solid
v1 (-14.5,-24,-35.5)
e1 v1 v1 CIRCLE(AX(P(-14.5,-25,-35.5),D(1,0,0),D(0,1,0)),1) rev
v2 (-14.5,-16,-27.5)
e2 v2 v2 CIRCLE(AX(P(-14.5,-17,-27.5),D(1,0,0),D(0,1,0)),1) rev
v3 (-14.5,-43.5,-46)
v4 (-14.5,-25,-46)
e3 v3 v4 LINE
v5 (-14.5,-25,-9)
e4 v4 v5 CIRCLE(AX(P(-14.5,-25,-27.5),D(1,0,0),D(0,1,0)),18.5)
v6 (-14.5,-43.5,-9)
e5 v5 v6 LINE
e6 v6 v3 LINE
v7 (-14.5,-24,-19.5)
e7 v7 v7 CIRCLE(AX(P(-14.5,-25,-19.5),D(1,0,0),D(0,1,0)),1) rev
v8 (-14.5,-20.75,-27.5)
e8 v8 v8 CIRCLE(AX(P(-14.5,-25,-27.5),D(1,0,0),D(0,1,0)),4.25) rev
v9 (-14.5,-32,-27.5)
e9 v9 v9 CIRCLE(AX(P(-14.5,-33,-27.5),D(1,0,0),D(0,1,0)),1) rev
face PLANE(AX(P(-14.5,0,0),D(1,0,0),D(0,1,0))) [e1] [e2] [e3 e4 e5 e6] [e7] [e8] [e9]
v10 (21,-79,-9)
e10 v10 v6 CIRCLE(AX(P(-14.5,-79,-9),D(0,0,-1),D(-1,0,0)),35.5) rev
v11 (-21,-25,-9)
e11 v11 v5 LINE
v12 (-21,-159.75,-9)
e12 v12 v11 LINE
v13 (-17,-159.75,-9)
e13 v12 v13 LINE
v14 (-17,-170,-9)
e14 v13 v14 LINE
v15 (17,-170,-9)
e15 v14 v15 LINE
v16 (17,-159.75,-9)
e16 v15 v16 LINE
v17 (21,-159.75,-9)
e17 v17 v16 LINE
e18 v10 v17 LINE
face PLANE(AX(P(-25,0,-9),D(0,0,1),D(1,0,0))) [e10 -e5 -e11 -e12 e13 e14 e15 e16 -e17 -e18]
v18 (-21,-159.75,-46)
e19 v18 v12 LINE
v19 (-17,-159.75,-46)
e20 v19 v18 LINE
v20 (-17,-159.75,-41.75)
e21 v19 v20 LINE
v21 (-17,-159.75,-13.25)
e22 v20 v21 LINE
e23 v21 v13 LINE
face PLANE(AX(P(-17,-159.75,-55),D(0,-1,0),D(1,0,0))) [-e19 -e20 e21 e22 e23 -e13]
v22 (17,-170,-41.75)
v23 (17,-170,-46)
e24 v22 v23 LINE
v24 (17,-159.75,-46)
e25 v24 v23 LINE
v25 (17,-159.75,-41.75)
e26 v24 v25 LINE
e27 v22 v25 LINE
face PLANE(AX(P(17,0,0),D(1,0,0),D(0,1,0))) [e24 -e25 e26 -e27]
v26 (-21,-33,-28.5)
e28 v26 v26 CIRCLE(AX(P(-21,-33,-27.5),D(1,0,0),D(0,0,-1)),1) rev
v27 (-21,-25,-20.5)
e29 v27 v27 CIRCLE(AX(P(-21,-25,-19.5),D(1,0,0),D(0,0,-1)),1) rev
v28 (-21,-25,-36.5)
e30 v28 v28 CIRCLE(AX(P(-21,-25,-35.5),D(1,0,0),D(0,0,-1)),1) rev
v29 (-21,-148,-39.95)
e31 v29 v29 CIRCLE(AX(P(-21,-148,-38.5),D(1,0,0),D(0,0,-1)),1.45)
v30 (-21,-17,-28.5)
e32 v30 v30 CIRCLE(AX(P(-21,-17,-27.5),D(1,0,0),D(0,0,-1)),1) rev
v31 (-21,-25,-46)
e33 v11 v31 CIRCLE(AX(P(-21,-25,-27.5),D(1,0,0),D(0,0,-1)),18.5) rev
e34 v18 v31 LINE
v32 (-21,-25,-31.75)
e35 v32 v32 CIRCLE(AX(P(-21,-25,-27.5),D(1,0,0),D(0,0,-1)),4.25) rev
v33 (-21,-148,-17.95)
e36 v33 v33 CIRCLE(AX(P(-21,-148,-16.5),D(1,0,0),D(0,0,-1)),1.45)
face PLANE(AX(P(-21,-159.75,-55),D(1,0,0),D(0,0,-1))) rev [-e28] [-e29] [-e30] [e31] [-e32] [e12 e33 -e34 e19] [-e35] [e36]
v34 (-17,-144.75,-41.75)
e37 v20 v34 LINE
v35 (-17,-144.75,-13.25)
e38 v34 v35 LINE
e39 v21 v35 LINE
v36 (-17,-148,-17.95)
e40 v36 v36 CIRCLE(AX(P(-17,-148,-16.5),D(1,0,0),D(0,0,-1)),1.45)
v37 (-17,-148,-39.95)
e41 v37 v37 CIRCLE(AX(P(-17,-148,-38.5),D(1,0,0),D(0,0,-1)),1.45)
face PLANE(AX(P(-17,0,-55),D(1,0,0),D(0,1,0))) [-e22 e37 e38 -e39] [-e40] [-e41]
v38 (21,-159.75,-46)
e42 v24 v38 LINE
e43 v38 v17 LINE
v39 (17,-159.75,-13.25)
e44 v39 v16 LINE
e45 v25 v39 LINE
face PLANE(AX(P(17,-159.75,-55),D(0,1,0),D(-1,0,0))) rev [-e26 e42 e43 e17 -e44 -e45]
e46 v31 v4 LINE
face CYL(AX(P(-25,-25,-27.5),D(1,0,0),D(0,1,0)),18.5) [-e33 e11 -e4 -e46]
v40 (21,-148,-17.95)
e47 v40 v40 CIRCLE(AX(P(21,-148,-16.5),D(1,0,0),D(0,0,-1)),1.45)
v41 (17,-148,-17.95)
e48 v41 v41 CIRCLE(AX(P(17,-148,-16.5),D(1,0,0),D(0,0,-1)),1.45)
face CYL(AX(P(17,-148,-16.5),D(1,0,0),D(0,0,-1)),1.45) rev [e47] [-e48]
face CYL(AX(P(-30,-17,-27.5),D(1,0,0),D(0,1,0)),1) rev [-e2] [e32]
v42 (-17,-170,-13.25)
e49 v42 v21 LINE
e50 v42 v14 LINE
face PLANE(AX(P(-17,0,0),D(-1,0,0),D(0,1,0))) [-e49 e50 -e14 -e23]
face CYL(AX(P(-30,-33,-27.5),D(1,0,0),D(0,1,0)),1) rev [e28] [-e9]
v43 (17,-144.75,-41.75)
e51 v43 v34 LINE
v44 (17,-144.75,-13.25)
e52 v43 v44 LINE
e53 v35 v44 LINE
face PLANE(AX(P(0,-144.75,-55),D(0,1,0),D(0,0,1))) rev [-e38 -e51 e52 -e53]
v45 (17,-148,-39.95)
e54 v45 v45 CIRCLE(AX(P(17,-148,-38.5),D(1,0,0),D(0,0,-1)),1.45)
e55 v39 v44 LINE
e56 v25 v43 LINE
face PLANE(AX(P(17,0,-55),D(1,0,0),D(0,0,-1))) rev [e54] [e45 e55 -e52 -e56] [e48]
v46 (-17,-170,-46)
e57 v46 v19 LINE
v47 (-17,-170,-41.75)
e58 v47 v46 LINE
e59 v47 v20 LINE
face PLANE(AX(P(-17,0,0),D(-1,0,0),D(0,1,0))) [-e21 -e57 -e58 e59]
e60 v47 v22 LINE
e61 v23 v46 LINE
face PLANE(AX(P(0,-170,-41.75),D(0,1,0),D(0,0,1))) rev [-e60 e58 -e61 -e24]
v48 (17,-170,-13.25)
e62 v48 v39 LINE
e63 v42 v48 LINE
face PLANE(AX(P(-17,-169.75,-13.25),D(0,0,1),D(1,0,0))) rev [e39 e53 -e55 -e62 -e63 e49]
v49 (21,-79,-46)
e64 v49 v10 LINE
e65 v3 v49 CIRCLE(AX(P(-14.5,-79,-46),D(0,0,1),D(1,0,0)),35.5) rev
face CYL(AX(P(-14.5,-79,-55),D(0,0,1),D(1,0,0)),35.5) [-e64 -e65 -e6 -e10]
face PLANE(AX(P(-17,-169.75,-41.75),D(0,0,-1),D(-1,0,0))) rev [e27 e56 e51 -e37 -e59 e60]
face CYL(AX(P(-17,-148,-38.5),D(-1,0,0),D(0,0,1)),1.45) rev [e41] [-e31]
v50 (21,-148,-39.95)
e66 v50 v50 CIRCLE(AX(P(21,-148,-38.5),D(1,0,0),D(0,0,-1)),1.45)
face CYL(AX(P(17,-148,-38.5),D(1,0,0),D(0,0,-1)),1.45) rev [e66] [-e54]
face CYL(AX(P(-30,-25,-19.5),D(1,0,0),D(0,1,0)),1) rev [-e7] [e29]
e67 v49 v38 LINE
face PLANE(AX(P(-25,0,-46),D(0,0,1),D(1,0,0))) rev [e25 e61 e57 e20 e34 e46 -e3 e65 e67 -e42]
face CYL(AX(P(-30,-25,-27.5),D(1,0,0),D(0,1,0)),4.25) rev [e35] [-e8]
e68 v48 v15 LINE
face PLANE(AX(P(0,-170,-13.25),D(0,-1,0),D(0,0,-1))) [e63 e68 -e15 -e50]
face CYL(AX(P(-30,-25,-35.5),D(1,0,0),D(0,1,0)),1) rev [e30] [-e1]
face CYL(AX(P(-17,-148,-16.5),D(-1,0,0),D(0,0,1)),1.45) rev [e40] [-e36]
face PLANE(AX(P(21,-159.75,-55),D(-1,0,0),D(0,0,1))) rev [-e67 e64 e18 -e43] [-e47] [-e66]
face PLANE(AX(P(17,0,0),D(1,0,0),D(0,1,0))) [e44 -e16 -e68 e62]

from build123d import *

# Parameters (mm, degrees)
SKETCH1_W               = 50
SKETCH1_H               = 150
BOSS_EXTRUDE1_DEPTH     = 55
CUT_EXTRUDE1_DEPTH      = 168.406690428
CUT_EXTRUDE1_DEPTH_BACK = 45
SKETCH2_R               = 10.25
SKETCH7_R               = 1
SKETCH7_R_2             = 4.25
CUT_EXTRUDE3_DEPTH      = 10
SKETCH8_W               = 55
SKETCH8_H               = 55
SKETCH8_R               = 10.25
BOSS_EXTRUDE2_DEPTH     = 50
SKETCH10_W              = 8
SKETCH10_H              = 10.25
SKETCH10_W_2            = 17
SKETCH10_H_2            = 1
SKETCH10_W_3            = 34
SKETCH10_H_3            = 20
SKETCH10_H_4            = 5
CUT_EXTRUDE4_DEPTH      = 214.717102732
SKETCH11_W              = 34
SKETCH11_H              = 13.25
BOSS_EXTRUDE4_DEPTH     = 25
SKETCH13_W              = 55
SKETCH13_H              = 10
CUT_EXTRUDE5_DEPTH      = 8
SKETCH14_R              = 5.030159043
CUT_EXTRUDE6_DEPTH      = 8
SKETCH15_W              = 34
SKETCH15_H              = 0.25
BOSS_EXTRUDE5_DEPTH     = 13.25
CUT_EXTRUDE7_DEPTH      = 181.416185527
BOSS_EXTRUDE6_START     = 1.5
SKETCH19_R              = 10.25
SKETCH19_R_2            = 1
SKETCH19_R_3            = 4.25
BOSS_EXTRUDE6_DEPTH     = 1.5
CUT_EXTRUDE8_DEPTH      = 184.89467094
SKETCH21_R              = 5.030159043
SKETCH21_R_2            = 4.5
BOSS_EXTRUDE7_DEPTH     = 8
SKETCH24_W              = 4
SKETCH24_H              = 30
CUT_EXTRUDE10_DEPTH     = 181.416185527
SKETCH25_W              = 55
SKETCH25_H              = 86.25
CUT_EXTRUDE11_DEPTH     = 4
BOSS_EXTRUDE8_START     = 4
SKETCH26_R              = 1
SKETCH26_R_2            = 4.25
BOSS_EXTRUDE8_DEPTH     = 4
SKETCH27_W              = 4
SKETCH27_H              = 123.25
CUT_EXTRUDE12_DEPTH     = 181.416185527
CUT_EXTRUDE13_DEPTH     = 180.905530765
SKETCH29_W              = 42
SKETCH29_H              = 9
CUT_EXTRUDE15_DEPTH     = 174.776436838
SKETCH30_R              = 4.5
SKETCH30_R_2            = 1.45
BOSS_EXTRUDE9_DEPTH     = 4


with BuildPart() as part:
    # Sketch1 → Boss-Extrude1 (new body)
    with BuildSketch(Plane.XY):
        with Locations((0, -75)):
            Rectangle(SKETCH1_W, SKETCH1_H)
    extrude(amount=-BOSS_EXTRUDE1_DEPTH)

    # Sketch2 → Cut-Extrude1 (cut, two sides: drawn at the far end of the back side and taken through both)
    with BuildSketch(Plane(origin=(25, 0, 0), x_dir=(0, 0, -1), z_dir=(1, 0, 0)).offset(-CUT_EXTRUDE1_DEPTH_BACK)):
        with Locations(Location((27.5, -25, 0), (0, 0, 270))):
            Circle(SKETCH2_R)
    extrude(amount=CUT_EXTRUDE1_DEPTH + CUT_EXTRUDE1_DEPTH_BACK, mode=Mode.SUBTRACT)

    # Sketch7 → Cut-Extrude3 (cut)
    with BuildSketch(Plane(origin=(-20, 0, 0), x_dir=(0, 0, -1), z_dir=(1, 0, 0))):
        with Locations(Location((27.5, -17, 0), (0, 0, 90))):
            Circle(SKETCH7_R)
        with Locations(Location((35.5, -25, 0), (0, 0, 90))):
            Circle(SKETCH7_R)
        with Locations(Location((27.5, -33, 0), (0, 0, 90))):
            Circle(SKETCH7_R)
        with Locations(Location((19.5, -25, 0), (0, 0, 90))):
            Circle(SKETCH7_R)
        with Locations(Location((27.5, -25, 0), (0, 0, 90))):
            Circle(SKETCH7_R_2)
    extrude(amount=-CUT_EXTRUDE3_DEPTH, mode=Mode.SUBTRACT)

    # Sketch8 → Boss-Extrude2 (add)
    with BuildSketch(Plane(origin=(25, 0, 0), x_dir=(0, 0, -1), z_dir=(1, 0, 0))):
        with Locations((27.5, -177.5)):
            Rectangle(SKETCH8_W, SKETCH8_H)
        with Locations(Location((27.5, -180, 0), (0, 0, 90))):
            Circle(SKETCH8_R, mode=Mode.SUBTRACT)
    extrude(amount=-BOSS_EXTRUDE2_DEPTH)

    # Sketch10 → Cut-Extrude4 (cut, through all)
    with BuildSketch(Plane.XY):
        Polygon((-17, -205), (17, -205), (17, -191.25), (0, -191.25), (-17, -191.25), align=None)
        Polygon((-25, -205), (-17, -205), (-17, -191.25), (-17, -190.25), (-25, -190.25), align=None)
        Polygon((17, -191.25), (17, -205), (25, -205), (25, -190.25), (17, -190.25), align=None)
        with Locations((-21, -185.125)):
            Rectangle(SKETCH10_W, SKETCH10_H)
        with Locations((-21, -174.875)):
            Rectangle(SKETCH10_W, SKETCH10_H)
        with Locations((21, -174.875)):
            Rectangle(SKETCH10_W, SKETCH10_H)
        with Locations((21, -185.125)):
            Rectangle(SKETCH10_W, SKETCH10_H)
        with Locations((-8.5, -185.125)):
            Rectangle(SKETCH10_W_2, SKETCH10_H)
        with Locations((8.5, -185.125)):
            Rectangle(SKETCH10_W_2, SKETCH10_H)
        Polygon((0, -180), (17, -180), (17, -169.75), (-17, -169.75), (-17, -180), align=None)
        with Locations((-8.5, -190.75)):
            Rectangle(SKETCH10_W_2, SKETCH10_H_2)
        with Locations((8.5, -190.75)):
            Rectangle(SKETCH10_W_2, SKETCH10_H_2)
        with Locations((0, -154.75)):
            Rectangle(SKETCH10_W_3, SKETCH10_H_3)
        with Locations((0, -167.25)):
            Rectangle(SKETCH10_W_3, SKETCH10_H_4)
    extrude(amount=-CUT_EXTRUDE4_DEPTH, mode=Mode.SUBTRACT)

    # Sketch11 → Boss-Extrude4 (add)
    with BuildSketch(Plane.XZ.offset(144.75)):
        with Locations((0, -6.625)):
            Rectangle(SKETCH11_W, SKETCH11_H)
        with Locations((0, -48.375)):
            Rectangle(SKETCH11_W, SKETCH11_H)
    extrude(amount=BOSS_EXTRUDE4_DEPTH)

    # Sketch13 → Cut-Extrude5 (cut)
    with BuildSketch(Plane(origin=(25, 0, 0), x_dir=(0, 0, -1), z_dir=(1, 0, 0))):
        with Locations((27.5, -164.75)):
            Rectangle(SKETCH13_W, SKETCH13_H)
    cut_extrude5 = extrude(amount=-CUT_EXTRUDE5_DEPTH, mode=Mode.SUBTRACT)

    # Mirror2: Cut-Extrude5 across plane
    add(cut_extrude5.mirror(Plane(origin=(0, 0, 0), x_dir=(0, 0, 1), z_dir=(1, 0, 0))), mode=Mode.SUBTRACT)

    # Sketch14 → Cut-Extrude6 (cut)
    with BuildSketch(Plane(origin=(25, 0, 0), x_dir=(0, 0, -1), z_dir=(1, 0, 0))):
        with Locations(Location((16.5, -148, 0), (0, 0, 90))):
            Circle(SKETCH14_R)
        with Locations(Location((38.5, -148, 0), (0, 0, 90))):
            Circle(SKETCH14_R)
    cut_extrude6 = extrude(amount=-CUT_EXTRUDE6_DEPTH, mode=Mode.SUBTRACT)

    # Mirror3: Cut-Extrude6 across plane
    add(cut_extrude6.mirror(Plane(origin=(0, 0, 0), x_dir=(0, 0, 1), z_dir=(1, 0, 0))), mode=Mode.SUBTRACT)

    # Sketch15 → Boss-Extrude5 (add)
    with BuildSketch(Plane.XY):
        with Locations((0, -169.875)):
            Rectangle(SKETCH15_W, SKETCH15_H)
    boss_extrude5 = extrude(amount=-BOSS_EXTRUDE5_DEPTH)

    # Mirror4: Boss-Extrude5 across plane
    add(boss_extrude5.mirror(Plane.XY.offset(-27.5)))

    # Sketch16 → Cut-Extrude7 (cut, through all)
    with BuildSketch(Plane.XY):
        Polygon((-18.5, 0), (-18.5, -14.75), (-18.5, -35.25), (-18.5, -43.5), (25, -43.5), (25, 0), align=None)
    extrude(amount=-CUT_EXTRUDE7_DEPTH, mode=Mode.SUBTRACT)

    # Sketch19 → Boss-Extrude6 (add)
    with BuildSketch(Plane(origin=(-20, 0, 0), x_dir=(0, 0, -1), z_dir=(1, 0, 0)).offset(BOSS_EXTRUDE6_START)):
        with Locations((27.5, -25)):
            Circle(SKETCH19_R)
        with Locations(Location((27.5, -17, 0), (0, 0, 90))):
            Circle(SKETCH19_R_2, mode=Mode.SUBTRACT)
        with Locations(Location((27.5, -33, 0), (0, 0, 90))):
            Circle(SKETCH19_R_2, mode=Mode.SUBTRACT)
        with Locations(Location((19.5, -25, 0), (0, 0, 90))):
            Circle(SKETCH19_R_2, mode=Mode.SUBTRACT)
        with Locations(Location((35.5, -25, 0), (0, 0, 90))):
            Circle(SKETCH19_R_2, mode=Mode.SUBTRACT)
        with Locations(Location((27.5, -25, 0), (0, 0, 90))):
            Circle(SKETCH19_R_3, mode=Mode.SUBTRACT)
    extrude(amount=-BOSS_EXTRUDE6_DEPTH)

    # Sketch20 → Cut-Extrude8 (cut, through all)
    with BuildSketch(Plane(origin=(-18.5, 0, 0), x_dir=(0, 0, -1), z_dir=(1, 0, 0))):
        with BuildLine():
            Line((0, 0), (0, -43.5))
            Line((0, -43.5), (9, -43.5))
            Line((9, -43.5), (9, -25))
            ThreePointArc((9, -25), (27.5, -6.5), (46, -25))
            Line((46, -25), (46, -43.5))
            Line((46, -43.5), (55, -43.5))
            Line((55, -43.5), (55, 0))
            Line((55, 0), (0, 0))
        make_face()
    extrude(amount=-CUT_EXTRUDE8_DEPTH, mode=Mode.SUBTRACT)

    # Sketch21 → Boss-Extrude7 (add)
    # profile 1 of 2: a face of its own
    with BuildSketch(Plane(origin=(25, 0, 0), x_dir=(0, 0, -1), z_dir=(1, 0, 0))):
        with Locations(Location((16.5, -148, 0), (0, 0, 229.751587581))):
            Circle(SKETCH21_R)
        with Locations(Location((16.5, -148, 0), (0, 0, 90))):
            Circle(SKETCH21_R_2, mode=Mode.SUBTRACT)
    # profile 2 of 2: a face of its own
    with BuildSketch(Plane(origin=(25, 0, 0), x_dir=(0, 0, -1), z_dir=(1, 0, 0))):
        with Locations(Location((38.5, -148, 0), (0, 0, 310.248412419))):
            Circle(SKETCH21_R)
        with Locations(Location((38.5, -148, 0), (0, 0, 90))):
            Circle(SKETCH21_R_2, mode=Mode.SUBTRACT)
    boss_extrude7 = extrude(amount=-BOSS_EXTRUDE7_DEPTH)

    # Mirror5: Boss-Extrude7 across plane
    add(boss_extrude7.mirror(Plane(origin=(0, 0, 0), x_dir=(0, 0, 1), z_dir=(1, 0, 0))))

    # Sketch24 → Cut-Extrude10 (cut, through all)
    with BuildSketch(Plane.XY):
        with Locations((-23, -144.75)):
            Rectangle(SKETCH24_W, SKETCH24_H)
        with Locations((23, -144.75)):
            Rectangle(SKETCH24_W, SKETCH24_H)
    extrude(amount=-CUT_EXTRUDE10_DEPTH, mode=Mode.SUBTRACT)

    # Sketch25 → Cut-Extrude11 (cut)
    with BuildSketch(Plane(origin=(25, 0, 0), x_dir=(0, 0, -1), z_dir=(1, 0, 0))):
        with Locations((27.5, -86.625)):
            Rectangle(SKETCH25_W, SKETCH25_H)
    extrude(amount=-CUT_EXTRUDE11_DEPTH, mode=Mode.SUBTRACT)

    # Sketch26 → Boss-Extrude8 (add)
    with BuildSketch(Plane(origin=(-18.5, 0, 0), x_dir=(0, 0, -1), z_dir=(1, 0, 0)).offset(BOSS_EXTRUDE8_START)):
        with BuildLine():
            Line((46, -43.5), (46, -25))
            ThreePointArc((46, -25), (27.5, -6.5), (9, -25))
            Line((9, -25), (9, -43.5))
            Line((9, -43.5), (46, -43.5))
        make_face()
        with Locations(Location((35.5, -25, 0), (0, 0, 90))):
            Circle(SKETCH26_R, mode=Mode.SUBTRACT)
        with Locations(Location((27.5, -25, 0), (0, 0, 90))):
            Circle(SKETCH26_R_2, mode=Mode.SUBTRACT)
        with Locations(Location((19.5, -25, 0), (0, 0, 90))):
            Circle(SKETCH26_R, mode=Mode.SUBTRACT)
        with Locations(Location((27.5, -33, 0), (0, 0, 90))):
            Circle(SKETCH26_R, mode=Mode.SUBTRACT)
        with Locations(Location((27.5, -17, 0), (0, 0, 90))):
            Circle(SKETCH26_R, mode=Mode.SUBTRACT)
    extrude(amount=-BOSS_EXTRUDE8_DEPTH)

    # Sketch27 → Cut-Extrude12 (cut, through all)
    with BuildSketch(Plane.XY):
        with Locations((-23, -68.125)):
            Rectangle(SKETCH27_W, SKETCH27_H)
    extrude(amount=-CUT_EXTRUDE12_DEPTH, mode=Mode.SUBTRACT)

    # Sketch28 → Cut-Extrude13 (cut, through all)
    with BuildSketch(Plane.XY):
        with BuildLine():
            Line((21, -43.5), (-14.5, -43.5))
            ThreePointArc((-14.5, -43.5), (10.602290732, -53.897709268), (21, -79))
            Line((21, -79), (21, -43.5))
        make_face()
    extrude(amount=-CUT_EXTRUDE13_DEPTH, mode=Mode.SUBTRACT)

    # Sketch29 → Cut-Extrude15 (cut, through all)
    with BuildSketch(Plane.XZ.offset(170)):
        with Locations((0, -50.5)):
            Rectangle(SKETCH29_W, SKETCH29_H)
        with Locations((0, -4.5)):
            Rectangle(SKETCH29_W, SKETCH29_H)
    extrude(amount=-CUT_EXTRUDE15_DEPTH, mode=Mode.SUBTRACT)

    # Sketch30 → Boss-Extrude9 (add)
    # profile 1 of 2: a face of its own
    with BuildSketch(Plane(origin=(21, 0, 0), x_dir=(0, 0, -1), z_dir=(1, 0, 0))):
        with Locations(Location((16.5, -148, 0), (0, 0, 223.761742693))):
            Circle(SKETCH30_R)
        with Locations((16.5, -148)):
            Circle(SKETCH30_R_2, mode=Mode.SUBTRACT)
    # profile 2 of 2: a face of its own
    with BuildSketch(Plane(origin=(21, 0, 0), x_dir=(0, 0, -1), z_dir=(1, 0, 0))):
        with Locations(Location((38.5, -148, 0), (0, 0, 316.238257307))):
            Circle(SKETCH30_R)
        with Locations((38.5, -148)):
            Circle(SKETCH30_R_2, mode=Mode.SUBTRACT)
    boss_extrude9 = extrude(amount=-BOSS_EXTRUDE9_DEPTH)

    # Mirror6: Boss-Extrude9 across plane
    add(boss_extrude9.mirror(Plane(origin=(0, 0, 0), x_dir=(0, 0, 1), z_dir=(1, 0, 0))))


solid = part.part
